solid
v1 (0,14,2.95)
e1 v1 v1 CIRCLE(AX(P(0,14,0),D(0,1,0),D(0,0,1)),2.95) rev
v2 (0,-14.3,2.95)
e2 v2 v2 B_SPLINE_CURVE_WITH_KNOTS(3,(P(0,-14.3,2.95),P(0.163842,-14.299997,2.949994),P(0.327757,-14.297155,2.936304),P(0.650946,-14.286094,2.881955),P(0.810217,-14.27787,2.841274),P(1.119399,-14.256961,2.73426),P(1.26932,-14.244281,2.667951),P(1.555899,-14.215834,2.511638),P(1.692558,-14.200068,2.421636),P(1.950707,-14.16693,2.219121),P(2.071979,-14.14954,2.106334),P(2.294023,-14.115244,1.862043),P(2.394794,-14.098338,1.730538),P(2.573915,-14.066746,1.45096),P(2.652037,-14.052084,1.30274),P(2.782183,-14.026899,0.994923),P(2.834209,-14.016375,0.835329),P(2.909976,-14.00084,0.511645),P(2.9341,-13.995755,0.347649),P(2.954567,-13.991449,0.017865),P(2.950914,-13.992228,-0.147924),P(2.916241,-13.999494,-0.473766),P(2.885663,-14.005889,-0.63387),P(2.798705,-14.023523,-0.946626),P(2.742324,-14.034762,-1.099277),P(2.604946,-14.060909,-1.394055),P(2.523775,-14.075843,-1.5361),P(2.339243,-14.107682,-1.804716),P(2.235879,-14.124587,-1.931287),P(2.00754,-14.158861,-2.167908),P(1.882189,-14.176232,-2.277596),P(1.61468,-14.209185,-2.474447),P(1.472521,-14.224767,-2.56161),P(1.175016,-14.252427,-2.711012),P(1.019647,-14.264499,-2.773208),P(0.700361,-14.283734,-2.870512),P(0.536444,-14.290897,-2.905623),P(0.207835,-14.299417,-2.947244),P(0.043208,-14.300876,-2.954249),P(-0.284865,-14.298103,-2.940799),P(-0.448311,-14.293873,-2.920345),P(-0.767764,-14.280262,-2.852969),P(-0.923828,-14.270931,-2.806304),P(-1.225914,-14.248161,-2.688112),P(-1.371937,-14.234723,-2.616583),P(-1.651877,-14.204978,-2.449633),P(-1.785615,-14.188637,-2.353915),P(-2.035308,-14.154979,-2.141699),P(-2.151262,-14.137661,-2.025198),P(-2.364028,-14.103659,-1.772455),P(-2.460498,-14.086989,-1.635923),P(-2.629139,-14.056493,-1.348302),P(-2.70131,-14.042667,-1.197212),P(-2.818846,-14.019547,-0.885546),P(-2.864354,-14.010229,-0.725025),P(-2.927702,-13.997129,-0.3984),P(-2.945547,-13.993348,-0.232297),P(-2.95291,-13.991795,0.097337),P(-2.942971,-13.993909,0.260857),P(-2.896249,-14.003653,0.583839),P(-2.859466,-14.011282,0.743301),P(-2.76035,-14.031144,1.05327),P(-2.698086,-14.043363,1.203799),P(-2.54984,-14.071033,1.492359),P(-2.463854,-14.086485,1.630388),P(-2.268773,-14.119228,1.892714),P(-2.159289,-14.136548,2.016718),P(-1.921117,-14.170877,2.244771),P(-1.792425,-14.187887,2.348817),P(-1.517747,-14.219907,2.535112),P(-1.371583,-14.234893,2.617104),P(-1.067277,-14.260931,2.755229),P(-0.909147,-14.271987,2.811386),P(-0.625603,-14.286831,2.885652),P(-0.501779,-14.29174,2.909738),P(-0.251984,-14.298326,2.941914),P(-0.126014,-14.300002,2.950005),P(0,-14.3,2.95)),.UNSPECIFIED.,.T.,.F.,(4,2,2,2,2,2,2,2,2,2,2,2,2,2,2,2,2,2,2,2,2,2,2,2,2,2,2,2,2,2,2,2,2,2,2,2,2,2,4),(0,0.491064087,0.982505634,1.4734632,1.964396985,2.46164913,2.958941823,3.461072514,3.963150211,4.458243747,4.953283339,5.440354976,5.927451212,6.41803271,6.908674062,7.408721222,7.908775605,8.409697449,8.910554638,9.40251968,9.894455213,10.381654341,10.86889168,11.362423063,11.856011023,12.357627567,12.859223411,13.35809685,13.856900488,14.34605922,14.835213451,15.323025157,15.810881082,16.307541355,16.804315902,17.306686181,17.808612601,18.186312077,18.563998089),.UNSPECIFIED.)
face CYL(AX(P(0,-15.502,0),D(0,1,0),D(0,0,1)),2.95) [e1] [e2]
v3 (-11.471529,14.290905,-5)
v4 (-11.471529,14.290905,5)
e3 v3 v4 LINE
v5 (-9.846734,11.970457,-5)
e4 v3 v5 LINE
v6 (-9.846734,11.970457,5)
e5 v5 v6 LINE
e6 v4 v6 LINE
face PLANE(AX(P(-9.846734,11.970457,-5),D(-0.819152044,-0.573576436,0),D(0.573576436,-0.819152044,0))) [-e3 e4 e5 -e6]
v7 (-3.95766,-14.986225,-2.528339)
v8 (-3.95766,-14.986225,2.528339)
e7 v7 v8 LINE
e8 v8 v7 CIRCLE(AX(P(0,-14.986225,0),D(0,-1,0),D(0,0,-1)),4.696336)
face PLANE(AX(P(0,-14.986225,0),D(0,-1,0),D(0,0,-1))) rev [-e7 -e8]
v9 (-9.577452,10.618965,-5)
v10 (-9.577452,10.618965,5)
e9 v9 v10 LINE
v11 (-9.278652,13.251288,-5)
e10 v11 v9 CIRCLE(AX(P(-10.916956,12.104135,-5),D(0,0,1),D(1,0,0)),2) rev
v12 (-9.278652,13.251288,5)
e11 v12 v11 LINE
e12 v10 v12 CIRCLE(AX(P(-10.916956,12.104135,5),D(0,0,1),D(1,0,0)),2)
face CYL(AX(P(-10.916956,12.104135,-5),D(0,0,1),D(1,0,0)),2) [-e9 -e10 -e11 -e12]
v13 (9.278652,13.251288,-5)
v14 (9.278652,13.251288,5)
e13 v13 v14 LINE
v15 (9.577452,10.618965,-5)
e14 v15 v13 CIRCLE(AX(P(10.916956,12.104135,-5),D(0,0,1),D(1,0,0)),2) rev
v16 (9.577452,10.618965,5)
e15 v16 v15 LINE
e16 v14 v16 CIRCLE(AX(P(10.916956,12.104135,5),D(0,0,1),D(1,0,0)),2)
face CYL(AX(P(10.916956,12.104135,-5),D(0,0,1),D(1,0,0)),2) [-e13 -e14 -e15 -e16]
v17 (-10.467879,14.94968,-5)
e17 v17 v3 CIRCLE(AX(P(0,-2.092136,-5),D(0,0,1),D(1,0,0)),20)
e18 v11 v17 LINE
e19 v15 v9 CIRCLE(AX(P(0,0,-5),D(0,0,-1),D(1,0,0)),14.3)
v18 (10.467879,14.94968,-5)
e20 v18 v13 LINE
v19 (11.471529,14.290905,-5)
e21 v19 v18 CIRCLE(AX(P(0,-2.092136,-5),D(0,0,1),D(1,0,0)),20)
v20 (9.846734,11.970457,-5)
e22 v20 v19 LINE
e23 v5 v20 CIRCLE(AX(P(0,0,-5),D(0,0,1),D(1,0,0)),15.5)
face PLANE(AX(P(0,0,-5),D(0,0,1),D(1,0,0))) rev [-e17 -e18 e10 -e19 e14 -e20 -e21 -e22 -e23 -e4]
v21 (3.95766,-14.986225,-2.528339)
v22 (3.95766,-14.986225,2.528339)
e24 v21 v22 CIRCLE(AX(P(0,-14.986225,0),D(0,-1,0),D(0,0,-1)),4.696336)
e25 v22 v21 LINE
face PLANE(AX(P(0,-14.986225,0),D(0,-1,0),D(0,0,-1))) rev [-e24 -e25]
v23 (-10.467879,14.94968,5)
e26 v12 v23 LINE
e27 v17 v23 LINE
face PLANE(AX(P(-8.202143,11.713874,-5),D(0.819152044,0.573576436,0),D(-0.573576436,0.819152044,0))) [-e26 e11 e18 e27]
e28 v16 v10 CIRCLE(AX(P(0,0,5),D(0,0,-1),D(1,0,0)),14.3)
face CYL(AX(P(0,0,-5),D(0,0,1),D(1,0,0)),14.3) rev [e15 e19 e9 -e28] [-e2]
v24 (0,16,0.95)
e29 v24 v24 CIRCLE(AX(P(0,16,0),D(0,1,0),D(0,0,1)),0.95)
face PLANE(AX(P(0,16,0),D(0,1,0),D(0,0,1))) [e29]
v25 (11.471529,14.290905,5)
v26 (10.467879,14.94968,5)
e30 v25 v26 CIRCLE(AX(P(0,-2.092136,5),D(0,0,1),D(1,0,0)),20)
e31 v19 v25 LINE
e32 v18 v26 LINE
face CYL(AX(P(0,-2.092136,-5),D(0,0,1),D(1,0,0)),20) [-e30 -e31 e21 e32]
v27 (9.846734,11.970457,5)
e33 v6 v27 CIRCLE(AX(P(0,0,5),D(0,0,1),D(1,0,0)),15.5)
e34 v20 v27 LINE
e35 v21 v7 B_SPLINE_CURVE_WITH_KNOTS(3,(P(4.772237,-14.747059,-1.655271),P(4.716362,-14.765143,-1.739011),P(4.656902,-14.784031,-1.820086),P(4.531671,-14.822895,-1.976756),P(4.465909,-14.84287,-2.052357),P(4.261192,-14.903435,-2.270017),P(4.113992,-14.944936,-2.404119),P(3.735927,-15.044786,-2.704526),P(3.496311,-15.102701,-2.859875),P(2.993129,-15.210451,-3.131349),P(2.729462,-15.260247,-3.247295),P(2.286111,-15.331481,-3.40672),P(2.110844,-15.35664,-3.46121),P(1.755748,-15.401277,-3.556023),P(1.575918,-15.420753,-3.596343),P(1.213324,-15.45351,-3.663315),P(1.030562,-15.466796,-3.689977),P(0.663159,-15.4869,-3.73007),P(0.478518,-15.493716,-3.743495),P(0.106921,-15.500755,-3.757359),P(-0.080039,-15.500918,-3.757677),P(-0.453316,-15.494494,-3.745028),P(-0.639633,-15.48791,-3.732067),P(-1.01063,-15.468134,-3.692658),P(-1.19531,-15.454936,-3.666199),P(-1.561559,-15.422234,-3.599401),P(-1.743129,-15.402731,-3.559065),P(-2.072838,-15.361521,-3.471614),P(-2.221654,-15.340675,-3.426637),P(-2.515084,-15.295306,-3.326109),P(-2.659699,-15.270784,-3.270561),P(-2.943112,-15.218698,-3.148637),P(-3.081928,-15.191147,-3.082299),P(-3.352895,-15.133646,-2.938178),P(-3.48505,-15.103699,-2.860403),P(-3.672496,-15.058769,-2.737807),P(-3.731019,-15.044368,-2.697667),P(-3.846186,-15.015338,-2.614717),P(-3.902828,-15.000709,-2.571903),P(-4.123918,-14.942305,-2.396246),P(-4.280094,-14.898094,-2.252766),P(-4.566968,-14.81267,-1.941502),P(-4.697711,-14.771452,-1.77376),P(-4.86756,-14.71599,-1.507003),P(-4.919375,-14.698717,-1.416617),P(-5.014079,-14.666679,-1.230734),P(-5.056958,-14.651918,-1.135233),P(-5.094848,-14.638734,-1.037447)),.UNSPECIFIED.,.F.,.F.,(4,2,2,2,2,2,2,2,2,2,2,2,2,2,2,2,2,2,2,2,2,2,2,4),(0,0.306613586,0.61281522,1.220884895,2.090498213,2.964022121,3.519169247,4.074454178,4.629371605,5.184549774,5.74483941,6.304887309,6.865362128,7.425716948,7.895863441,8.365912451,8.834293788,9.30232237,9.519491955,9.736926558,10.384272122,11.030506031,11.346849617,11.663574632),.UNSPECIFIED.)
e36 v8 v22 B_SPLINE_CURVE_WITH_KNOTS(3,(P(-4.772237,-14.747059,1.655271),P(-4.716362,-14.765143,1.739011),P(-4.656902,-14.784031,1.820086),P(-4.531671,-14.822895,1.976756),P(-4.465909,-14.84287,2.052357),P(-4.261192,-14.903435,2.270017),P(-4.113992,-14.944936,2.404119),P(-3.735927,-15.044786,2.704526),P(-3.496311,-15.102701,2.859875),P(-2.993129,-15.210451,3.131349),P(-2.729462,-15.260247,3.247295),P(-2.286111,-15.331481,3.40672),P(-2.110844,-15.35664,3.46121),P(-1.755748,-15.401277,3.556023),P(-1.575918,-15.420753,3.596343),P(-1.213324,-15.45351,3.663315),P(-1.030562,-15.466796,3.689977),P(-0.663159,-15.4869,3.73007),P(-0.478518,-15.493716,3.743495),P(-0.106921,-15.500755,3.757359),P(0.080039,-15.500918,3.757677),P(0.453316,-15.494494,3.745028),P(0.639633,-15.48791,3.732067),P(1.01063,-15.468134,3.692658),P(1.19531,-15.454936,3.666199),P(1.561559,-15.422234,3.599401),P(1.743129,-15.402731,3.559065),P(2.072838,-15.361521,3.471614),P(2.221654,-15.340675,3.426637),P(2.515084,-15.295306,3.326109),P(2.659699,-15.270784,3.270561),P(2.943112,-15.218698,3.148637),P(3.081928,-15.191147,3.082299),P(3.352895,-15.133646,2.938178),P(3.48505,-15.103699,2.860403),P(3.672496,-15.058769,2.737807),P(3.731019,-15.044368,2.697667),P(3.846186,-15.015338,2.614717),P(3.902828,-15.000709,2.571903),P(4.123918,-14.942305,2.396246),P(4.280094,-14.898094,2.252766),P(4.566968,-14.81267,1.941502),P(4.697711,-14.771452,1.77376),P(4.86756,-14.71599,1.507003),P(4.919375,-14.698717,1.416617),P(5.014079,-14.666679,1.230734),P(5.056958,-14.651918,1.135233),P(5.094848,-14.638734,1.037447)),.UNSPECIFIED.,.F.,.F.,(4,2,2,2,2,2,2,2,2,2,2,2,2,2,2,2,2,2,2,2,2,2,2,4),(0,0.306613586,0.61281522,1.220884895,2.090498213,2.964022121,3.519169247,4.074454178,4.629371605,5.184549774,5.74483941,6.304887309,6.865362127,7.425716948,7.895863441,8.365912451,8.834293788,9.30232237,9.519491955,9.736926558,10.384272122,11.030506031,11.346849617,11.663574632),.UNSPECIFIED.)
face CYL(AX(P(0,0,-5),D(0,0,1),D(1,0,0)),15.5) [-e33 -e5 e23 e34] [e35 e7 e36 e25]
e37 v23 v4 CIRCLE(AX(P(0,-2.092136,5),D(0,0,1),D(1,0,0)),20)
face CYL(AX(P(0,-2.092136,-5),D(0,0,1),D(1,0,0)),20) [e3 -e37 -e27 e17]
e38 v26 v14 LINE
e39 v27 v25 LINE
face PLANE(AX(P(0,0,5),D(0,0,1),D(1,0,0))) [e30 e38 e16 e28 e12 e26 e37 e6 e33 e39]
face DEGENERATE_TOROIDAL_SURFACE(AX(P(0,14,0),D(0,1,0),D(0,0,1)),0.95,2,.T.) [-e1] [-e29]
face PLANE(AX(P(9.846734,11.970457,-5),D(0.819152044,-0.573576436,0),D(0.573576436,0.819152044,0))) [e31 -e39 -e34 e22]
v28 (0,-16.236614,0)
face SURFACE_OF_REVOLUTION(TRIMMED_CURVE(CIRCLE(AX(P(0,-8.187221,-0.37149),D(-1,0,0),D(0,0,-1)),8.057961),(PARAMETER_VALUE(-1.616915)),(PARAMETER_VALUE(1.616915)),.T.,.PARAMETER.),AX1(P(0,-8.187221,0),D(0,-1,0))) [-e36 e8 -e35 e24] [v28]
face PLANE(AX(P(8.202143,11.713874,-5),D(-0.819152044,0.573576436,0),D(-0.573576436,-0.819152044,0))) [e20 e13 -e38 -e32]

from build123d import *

# Parameters (mm, degrees)
BOSS_EXTRUDE1_DEPTH             = 5
BOSS_EXTRUDE1_DEPTH_BACK        = 5
SKETCH2_R                       = 2.95
BOSS_EXTRUDE2_DEPTH             = 16
BOSS_EXTRUDE2_DIRECTION_2_REACH = 24.483
FILLET2_R                       = 2
FILLET3_R                       = 2


with BuildPart() as part:
    # Sketch1 → Boss-Extrude1 (new, two sides: drawn at the far end of the back side and taken through both)
    with BuildSketch(Plane.XY.offset(-BOSS_EXTRUDE1_DEPTH_BACK)):
        with BuildLine():
            Line((8.20214304, 11.713874233), (10.467878905, 14.949680393))
            ThreePointArc((10.467878905, 14.949680393), (10.974647974, 14.627825025), (11.471528727, 14.290904731))
            Line((11.471528727, 14.290904731), (9.846733622, 11.970456841))
            ThreePointArc((9.846733622, 11.970456841), (0, -15.5), (-9.846733622, 11.970456841))
            Line((-9.846733622, 11.970456841), (-11.471528727, 14.290904731))
            ThreePointArc((-11.471528727, 14.290904731), (-10.974647974, 14.627825025), (-10.467878905, 14.949680393))
            Line((-10.467878905, 14.949680393), (-8.20214304, 11.713874233))
            ThreePointArc((-8.20214304, 11.713874233), (0, -14.3), (8.20214304, 11.713874233))
        make_face()
    extrude(amount=BOSS_EXTRUDE1_DEPTH + BOSS_EXTRUDE1_DEPTH_BACK)

    # Sketch2 → Boss-Extrude2 (add)
    with BuildSketch(Plane(origin=(0, 0, 0), x_dir=(1, 0, 0), z_dir=(0, 1, 0))):
        Circle(SKETCH2_R)
    extrude(amount=BOSS_EXTRUDE2_DEPTH)

    # Sketch2 → Boss-Extrude2 direction 2 (add, up to next)
    with BuildSketch(Plane(origin=(0, 0, 0), x_dir=(1, 0, 0), z_dir=(0, 1, 0)), mode=Mode.PRIVATE) as boss_extrude2_direction_2_sk1:
        Circle(SKETCH2_R)
    boss_extrude2_direction_2_tool1 = extrude(boss_extrude2_direction_2_sk1.sketch, amount=-BOSS_EXTRUDE2_DIRECTION_2_REACH, mode=Mode.PRIVATE) - part.part
    add(boss_extrude2_direction_2_tool1.solids().sort_by_distance((0, 0, 0))[0])

    # Fillet2
    fillet2_edges = [part.edges().sort_by_distance(p)[0] for p in [
        (-2.95, 16, 0),
    ]]
    fillet(fillet2_edges, radius=FILLET2_R)

    # Fillet3
    fillet3_edges = [part.edges().sort_by_distance(p)[0] for p in [
        (8.20214304, 11.713874233, 0),
        (-8.20214304, 11.713874233, 0),
    ]]
    fillet(fillet3_edges, radius=FILLET3_R)

    # Sketch4 → Revolve1 (revolve)
    with BuildSketch(Plane(origin=(0, 0, 0), x_dir=(0, 0, -1), z_dir=(1, 0, 0))):
        with BuildLine():
            Line((0, -14.986224552), (-4.696335741, -14.986224552))
            ThreePointArc((-4.696335741, -14.986224552), (-2.444681768, -15.973915756), (0, -16.236614408))
            Line((0, -16.236614408), (0, -14.986224552))
        make_face()
    revolve(axis=Axis((0, -14.986224552, 0), (0, 1, 0)))


solid = part.part
